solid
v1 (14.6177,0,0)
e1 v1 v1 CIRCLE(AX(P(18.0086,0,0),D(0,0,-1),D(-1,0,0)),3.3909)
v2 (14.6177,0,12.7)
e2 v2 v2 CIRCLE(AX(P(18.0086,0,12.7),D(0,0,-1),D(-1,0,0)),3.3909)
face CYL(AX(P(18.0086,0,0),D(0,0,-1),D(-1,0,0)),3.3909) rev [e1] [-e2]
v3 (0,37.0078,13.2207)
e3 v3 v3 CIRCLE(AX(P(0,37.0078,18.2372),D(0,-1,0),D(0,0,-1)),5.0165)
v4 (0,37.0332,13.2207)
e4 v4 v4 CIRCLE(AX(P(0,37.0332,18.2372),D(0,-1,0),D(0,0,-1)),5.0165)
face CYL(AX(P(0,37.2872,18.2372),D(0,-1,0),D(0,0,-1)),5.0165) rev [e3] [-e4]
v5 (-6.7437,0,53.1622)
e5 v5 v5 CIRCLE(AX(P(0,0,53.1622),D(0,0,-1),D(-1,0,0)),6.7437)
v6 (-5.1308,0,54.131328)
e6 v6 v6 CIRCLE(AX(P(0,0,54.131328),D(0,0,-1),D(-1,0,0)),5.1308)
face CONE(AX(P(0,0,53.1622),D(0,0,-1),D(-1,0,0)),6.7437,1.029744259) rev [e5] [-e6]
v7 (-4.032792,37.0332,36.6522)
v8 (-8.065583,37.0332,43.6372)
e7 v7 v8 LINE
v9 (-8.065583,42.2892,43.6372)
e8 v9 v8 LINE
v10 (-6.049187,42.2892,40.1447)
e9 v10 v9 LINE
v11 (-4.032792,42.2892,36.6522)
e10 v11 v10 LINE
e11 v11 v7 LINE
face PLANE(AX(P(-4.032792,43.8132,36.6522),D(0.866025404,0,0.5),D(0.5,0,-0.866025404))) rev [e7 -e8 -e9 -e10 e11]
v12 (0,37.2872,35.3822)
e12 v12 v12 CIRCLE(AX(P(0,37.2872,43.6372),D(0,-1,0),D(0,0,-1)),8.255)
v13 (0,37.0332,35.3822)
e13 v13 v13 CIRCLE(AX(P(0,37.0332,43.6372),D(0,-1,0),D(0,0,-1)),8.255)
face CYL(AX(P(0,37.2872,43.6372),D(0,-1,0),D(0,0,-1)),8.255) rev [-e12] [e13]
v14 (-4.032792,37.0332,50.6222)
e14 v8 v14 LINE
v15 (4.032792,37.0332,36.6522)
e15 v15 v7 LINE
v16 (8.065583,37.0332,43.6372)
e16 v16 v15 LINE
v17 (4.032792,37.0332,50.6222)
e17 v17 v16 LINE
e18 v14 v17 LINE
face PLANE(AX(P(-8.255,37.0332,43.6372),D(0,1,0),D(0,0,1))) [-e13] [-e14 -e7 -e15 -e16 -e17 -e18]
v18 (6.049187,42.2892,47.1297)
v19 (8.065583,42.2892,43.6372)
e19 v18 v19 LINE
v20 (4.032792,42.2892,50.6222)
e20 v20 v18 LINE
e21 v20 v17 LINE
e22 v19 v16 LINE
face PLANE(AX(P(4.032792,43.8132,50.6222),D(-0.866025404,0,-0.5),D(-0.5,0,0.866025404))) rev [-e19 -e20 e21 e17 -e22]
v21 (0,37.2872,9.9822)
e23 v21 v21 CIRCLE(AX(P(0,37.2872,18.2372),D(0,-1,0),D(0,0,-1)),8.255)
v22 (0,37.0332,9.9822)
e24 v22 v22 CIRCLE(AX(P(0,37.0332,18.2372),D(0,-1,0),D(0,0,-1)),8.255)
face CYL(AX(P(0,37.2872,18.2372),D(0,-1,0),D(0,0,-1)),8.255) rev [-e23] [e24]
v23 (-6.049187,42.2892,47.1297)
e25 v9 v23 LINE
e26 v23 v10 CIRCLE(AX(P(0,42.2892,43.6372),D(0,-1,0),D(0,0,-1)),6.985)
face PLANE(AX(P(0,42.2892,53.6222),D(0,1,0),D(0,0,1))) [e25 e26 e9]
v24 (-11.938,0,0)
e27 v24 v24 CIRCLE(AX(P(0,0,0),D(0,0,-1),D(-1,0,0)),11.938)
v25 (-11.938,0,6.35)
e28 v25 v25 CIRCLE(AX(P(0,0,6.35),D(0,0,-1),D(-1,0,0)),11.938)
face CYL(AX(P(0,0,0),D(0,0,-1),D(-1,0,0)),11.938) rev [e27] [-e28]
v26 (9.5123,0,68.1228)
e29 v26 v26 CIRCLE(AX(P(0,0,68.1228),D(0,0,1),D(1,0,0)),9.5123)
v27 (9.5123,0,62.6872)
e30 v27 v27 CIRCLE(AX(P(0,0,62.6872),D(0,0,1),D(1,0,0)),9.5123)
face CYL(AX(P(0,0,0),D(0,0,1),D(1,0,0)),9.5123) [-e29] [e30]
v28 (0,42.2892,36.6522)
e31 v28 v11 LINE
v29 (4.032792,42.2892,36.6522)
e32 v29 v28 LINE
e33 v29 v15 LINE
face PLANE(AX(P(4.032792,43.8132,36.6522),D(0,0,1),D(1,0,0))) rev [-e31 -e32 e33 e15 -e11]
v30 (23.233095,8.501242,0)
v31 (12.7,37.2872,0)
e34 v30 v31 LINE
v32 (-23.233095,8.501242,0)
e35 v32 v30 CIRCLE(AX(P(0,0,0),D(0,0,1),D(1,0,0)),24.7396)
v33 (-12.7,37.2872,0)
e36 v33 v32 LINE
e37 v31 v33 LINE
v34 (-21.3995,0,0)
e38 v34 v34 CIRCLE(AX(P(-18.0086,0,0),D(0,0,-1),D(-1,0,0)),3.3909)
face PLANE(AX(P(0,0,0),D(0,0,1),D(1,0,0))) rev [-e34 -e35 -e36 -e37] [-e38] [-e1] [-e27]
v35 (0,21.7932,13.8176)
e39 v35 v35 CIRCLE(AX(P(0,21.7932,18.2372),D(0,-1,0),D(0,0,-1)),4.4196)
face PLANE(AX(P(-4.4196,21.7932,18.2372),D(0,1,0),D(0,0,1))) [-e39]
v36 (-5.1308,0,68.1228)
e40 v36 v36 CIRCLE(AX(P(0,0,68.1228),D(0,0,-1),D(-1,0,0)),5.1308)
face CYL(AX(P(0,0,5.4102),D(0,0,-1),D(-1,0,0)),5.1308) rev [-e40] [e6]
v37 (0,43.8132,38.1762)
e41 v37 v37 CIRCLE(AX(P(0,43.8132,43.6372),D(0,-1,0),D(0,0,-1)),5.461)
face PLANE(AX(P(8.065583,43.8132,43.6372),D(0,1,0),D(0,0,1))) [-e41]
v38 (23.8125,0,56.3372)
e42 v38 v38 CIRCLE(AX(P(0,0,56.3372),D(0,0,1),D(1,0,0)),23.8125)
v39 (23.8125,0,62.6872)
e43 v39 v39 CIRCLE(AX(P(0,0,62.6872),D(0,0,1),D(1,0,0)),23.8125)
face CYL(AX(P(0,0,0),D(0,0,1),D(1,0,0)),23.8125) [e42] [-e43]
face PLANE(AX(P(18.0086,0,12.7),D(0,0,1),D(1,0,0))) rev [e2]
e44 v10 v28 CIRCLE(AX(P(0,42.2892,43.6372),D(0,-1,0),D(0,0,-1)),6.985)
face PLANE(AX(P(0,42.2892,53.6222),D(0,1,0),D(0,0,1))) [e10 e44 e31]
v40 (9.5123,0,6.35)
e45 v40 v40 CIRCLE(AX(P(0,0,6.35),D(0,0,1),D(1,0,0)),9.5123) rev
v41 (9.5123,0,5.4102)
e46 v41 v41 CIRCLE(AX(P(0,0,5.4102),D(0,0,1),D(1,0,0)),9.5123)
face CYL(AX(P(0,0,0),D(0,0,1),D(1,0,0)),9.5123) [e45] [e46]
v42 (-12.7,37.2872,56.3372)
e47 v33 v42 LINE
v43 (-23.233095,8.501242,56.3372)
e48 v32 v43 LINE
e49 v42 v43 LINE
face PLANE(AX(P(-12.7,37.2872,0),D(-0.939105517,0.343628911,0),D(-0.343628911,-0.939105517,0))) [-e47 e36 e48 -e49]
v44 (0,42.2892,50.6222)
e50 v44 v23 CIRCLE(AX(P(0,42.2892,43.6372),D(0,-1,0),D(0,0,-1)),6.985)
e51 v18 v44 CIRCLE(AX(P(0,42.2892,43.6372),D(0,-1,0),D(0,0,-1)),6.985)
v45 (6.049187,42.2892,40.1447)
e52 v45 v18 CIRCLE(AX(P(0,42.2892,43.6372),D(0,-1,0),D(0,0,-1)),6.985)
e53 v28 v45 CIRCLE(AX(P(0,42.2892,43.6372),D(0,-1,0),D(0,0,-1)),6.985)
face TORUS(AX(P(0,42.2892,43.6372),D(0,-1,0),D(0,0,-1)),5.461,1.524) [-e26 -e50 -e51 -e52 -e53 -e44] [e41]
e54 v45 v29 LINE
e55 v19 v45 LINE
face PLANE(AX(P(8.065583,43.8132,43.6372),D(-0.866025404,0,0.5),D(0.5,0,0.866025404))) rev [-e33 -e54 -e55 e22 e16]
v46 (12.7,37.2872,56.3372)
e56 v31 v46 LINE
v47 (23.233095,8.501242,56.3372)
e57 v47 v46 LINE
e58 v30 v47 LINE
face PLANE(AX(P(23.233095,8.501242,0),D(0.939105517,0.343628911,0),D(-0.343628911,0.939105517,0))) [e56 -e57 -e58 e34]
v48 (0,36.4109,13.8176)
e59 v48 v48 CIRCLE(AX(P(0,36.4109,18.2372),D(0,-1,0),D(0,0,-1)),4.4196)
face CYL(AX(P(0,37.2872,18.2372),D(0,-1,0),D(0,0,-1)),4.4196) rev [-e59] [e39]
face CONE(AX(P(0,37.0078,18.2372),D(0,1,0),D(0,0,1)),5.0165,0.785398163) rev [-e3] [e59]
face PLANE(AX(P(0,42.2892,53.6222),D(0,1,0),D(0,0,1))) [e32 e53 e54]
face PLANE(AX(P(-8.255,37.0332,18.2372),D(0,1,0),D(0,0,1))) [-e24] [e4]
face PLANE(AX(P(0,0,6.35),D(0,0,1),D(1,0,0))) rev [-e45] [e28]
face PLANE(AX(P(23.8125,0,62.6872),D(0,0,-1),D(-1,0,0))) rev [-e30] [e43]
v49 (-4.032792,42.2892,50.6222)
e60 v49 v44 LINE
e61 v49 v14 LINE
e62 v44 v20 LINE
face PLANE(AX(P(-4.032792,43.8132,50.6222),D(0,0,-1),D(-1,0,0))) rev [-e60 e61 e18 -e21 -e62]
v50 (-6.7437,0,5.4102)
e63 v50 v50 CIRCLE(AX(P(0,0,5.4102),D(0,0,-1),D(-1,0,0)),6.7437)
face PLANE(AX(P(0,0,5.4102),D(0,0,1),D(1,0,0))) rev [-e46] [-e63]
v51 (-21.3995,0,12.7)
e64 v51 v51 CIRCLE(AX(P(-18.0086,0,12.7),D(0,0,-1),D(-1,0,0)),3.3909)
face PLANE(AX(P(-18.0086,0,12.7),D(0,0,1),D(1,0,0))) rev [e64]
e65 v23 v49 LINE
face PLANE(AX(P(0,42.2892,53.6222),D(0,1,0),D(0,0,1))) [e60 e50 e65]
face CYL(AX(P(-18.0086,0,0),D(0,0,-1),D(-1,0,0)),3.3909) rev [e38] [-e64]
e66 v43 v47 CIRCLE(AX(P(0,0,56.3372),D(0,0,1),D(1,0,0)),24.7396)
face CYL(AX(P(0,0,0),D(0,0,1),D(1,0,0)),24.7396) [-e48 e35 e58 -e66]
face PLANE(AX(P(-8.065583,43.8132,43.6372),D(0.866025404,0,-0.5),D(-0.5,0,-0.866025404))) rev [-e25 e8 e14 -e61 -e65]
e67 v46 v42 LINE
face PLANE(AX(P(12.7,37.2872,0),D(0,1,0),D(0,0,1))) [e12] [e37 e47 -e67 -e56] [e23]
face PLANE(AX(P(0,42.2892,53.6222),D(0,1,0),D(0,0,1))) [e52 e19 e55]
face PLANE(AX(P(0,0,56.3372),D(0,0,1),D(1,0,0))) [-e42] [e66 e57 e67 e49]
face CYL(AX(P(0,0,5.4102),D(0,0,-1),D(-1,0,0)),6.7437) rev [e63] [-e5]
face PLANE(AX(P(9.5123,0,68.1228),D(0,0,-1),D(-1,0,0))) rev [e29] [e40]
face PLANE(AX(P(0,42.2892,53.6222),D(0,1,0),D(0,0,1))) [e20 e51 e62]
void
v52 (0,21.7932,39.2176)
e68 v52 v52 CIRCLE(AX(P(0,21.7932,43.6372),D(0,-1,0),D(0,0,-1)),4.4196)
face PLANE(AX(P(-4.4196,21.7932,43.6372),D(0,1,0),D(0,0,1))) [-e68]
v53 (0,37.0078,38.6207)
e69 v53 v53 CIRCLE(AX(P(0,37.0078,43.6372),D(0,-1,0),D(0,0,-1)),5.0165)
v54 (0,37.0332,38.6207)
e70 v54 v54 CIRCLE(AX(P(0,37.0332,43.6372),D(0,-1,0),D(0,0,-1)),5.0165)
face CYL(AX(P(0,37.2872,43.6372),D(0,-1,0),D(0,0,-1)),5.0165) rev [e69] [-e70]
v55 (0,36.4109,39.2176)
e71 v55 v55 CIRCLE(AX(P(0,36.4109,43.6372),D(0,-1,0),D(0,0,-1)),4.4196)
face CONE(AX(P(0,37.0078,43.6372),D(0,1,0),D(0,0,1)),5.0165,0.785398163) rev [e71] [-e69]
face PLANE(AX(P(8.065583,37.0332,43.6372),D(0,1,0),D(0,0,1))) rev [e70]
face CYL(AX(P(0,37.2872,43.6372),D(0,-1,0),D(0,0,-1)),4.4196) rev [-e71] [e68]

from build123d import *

# Parameters (mm, degrees)
EXTRUDE1_DEPTH    = 56.3372
HOLE2_D           = 23.876
HOLE2_DEPTH       = 6.35
SKETCH6_W         = 9.5123
SKETCH6_H         = 0.9398
HOLE3_D           = 6.7818
HOLE3_DEPTH       = 12.7
CIRPATTERN1_COUNT = 2
LPATTERN1_COUNT   = 2
LPATTERN1_PITCH   = 25.4
EXTRUDE2_DEPTH    = 6.78


with BuildPart() as part:
    # Sketch1 → Extrude1 (new body)
    with BuildSketch(Plane.XY.offset(56.3372)):
        with BuildLine():
            Line((23.233094839, 8.501241812), (12.7, 37.2872))
            Line((12.7, 37.2872), (-12.7, 37.2872))
            Line((-12.7, 37.2872), (-23.233094839, 8.501241812))
            ThreePointArc((-23.233094839, 8.501241812), (0, -24.7396), (23.233094839, 8.501241812))
        make_face()
    extrude(amount=-EXTRUDE1_DEPTH)

    # Hole2
    with Locations(Plane(origin=(0, 0, 0), x_dir=(-1, 0, 0), z_dir=(0, 0, -1))):
        with Locations((0, 0)):
            Hole(HOLE2_D / 2, depth=HOLE2_DEPTH)

    # Sketch7 → Revolve2 (revolve)
    with BuildSketch(Plane.XZ):
        Polygon((9.5123, 68.1228), (0, 68.1228), (0, 56.3372), (23.8125, 56.3372), (23.8125, 62.6872), (9.5123, 62.6872), align=None)
    revolve(axis=Axis((0, 0, 0), (0, 0, 1)))

    # Sketch6 → Revolve1 (revolve)
    with BuildSketch(Plane.XZ):
        with Locations((4.75615, 5.8801)):
            Rectangle(SKETCH6_W, SKETCH6_H)
    revolve(axis=Axis((0, 0, 0), (0, 0, 1)))

    # Sketch9 → Cut-Revolve1 (revolve, cut)
    with BuildSketch(Plane.XY.offset(18.2372), mode=Mode.PRIVATE) as cut_revolve1_sk:
        Polygon((-4.4196, 21.7932), (0, 21.7932), (0, 37.2872), (-8.255, 37.2872), (-8.255, 37.0332), (-5.0165, 37.0332), (-5.0165, 37.0078), (-4.4196, 36.4109), align=None)
    cut_revolve1 = revolve(cut_revolve1_sk.sketch.rotate(Axis((0, 37.2872, 18.2372), (0, -1, 0)), 90), axis=Axis((0, 37.2872, 18.2372), (0, -1, 0)), mode=Mode.SUBTRACT)  # turned: the seam where the file's is

    # Hole3
    with Locations(Plane(origin=(0, 0, 0), x_dir=(-1, 0, 0), z_dir=(0, 0, -1))):
        with Locations((-18.0086, 0)):
            hole3 = Hole(HOLE3_D / 2, depth=HOLE3_DEPTH)

    # CirPattern1: Hole3 ×2 about axis
    cirpattern1_axis = Axis((0, 0, 0), (0, 0, 1))
    for i in range(1, CIRPATTERN1_COUNT):
        add(hole3.rotate(cirpattern1_axis, i * 360 / CIRPATTERN1_COUNT), mode=Mode.SUBTRACT)

    # Sketch15 → Hole5 (revolve, cut)
    with BuildSketch(Plane(origin=(0, 0, 5.4102), x_dir=(0, 1, 0), z_dir=(1, 0, 0))):
        Polygon((0, 0), (0, 62.7126), (5.1308, 62.7126), (5.1308, 48.721128092), (6.7437, 47.752), (6.7437, 0), align=None)
    revolve(axis=Axis((0, 0, -0.719823899), (0, 0, 1)), mode=Mode.SUBTRACT)

    # LPattern1: Cut-Revolve1 ×2
    with Locations(*[(0, 0, i * LPATTERN1_PITCH) for i in range(1, LPATTERN1_COUNT)]):
        add(cut_revolve1, mode=Mode.SUBTRACT)

    # Sketch17 → Extrude2 (add)
    with BuildSketch(Plane(origin=(0, 37.0332, 0), x_dir=(1, 0, 0), z_dir=(0, 1, 0))):
        Polygon((8.065583261, -43.6372), (4.03279163, -36.6522), (-4.03279163, -36.6522), (-8.065583261, -43.6372), (-4.03279163, -50.6222), (4.03279163, -50.6222), align=None)
    extrude(amount=EXTRUDE2_DEPTH)

    # Sketch18 → Cut-Revolve2 (revolve, cut)
    with BuildSketch(Plane(origin=(0, 0, 0), x_dir=(0, 0, -1), z_dir=(1, 0, 0)), mode=Mode.PRIVATE) as cut_revolve2_sk:
        with BuildLine():
            Line((-49.0982, 43.8132), (-49.0982, 46.8132))
            Line((-49.0982, 46.8132), (-53.6222, 46.8132))
            Line((-53.6222, 46.8132), (-53.6222, 42.2892))
            Line((-53.6222, 42.2892), (-50.6222, 42.2892))
            ThreePointArc((-50.6222, 42.2892), (-50.175830735, 43.366830735), (-49.0982, 43.8132))
        make_face()
    revolve(cut_revolve2_sk.sketch.rotate(Axis((0, 21.7932, 43.6372), (0, 1, 0)), 180), axis=Axis((0, 21.7932, 43.6372), (0, 1, 0)), mode=Mode.SUBTRACT)  # turned: the seam where the file's is


solid = part.part
